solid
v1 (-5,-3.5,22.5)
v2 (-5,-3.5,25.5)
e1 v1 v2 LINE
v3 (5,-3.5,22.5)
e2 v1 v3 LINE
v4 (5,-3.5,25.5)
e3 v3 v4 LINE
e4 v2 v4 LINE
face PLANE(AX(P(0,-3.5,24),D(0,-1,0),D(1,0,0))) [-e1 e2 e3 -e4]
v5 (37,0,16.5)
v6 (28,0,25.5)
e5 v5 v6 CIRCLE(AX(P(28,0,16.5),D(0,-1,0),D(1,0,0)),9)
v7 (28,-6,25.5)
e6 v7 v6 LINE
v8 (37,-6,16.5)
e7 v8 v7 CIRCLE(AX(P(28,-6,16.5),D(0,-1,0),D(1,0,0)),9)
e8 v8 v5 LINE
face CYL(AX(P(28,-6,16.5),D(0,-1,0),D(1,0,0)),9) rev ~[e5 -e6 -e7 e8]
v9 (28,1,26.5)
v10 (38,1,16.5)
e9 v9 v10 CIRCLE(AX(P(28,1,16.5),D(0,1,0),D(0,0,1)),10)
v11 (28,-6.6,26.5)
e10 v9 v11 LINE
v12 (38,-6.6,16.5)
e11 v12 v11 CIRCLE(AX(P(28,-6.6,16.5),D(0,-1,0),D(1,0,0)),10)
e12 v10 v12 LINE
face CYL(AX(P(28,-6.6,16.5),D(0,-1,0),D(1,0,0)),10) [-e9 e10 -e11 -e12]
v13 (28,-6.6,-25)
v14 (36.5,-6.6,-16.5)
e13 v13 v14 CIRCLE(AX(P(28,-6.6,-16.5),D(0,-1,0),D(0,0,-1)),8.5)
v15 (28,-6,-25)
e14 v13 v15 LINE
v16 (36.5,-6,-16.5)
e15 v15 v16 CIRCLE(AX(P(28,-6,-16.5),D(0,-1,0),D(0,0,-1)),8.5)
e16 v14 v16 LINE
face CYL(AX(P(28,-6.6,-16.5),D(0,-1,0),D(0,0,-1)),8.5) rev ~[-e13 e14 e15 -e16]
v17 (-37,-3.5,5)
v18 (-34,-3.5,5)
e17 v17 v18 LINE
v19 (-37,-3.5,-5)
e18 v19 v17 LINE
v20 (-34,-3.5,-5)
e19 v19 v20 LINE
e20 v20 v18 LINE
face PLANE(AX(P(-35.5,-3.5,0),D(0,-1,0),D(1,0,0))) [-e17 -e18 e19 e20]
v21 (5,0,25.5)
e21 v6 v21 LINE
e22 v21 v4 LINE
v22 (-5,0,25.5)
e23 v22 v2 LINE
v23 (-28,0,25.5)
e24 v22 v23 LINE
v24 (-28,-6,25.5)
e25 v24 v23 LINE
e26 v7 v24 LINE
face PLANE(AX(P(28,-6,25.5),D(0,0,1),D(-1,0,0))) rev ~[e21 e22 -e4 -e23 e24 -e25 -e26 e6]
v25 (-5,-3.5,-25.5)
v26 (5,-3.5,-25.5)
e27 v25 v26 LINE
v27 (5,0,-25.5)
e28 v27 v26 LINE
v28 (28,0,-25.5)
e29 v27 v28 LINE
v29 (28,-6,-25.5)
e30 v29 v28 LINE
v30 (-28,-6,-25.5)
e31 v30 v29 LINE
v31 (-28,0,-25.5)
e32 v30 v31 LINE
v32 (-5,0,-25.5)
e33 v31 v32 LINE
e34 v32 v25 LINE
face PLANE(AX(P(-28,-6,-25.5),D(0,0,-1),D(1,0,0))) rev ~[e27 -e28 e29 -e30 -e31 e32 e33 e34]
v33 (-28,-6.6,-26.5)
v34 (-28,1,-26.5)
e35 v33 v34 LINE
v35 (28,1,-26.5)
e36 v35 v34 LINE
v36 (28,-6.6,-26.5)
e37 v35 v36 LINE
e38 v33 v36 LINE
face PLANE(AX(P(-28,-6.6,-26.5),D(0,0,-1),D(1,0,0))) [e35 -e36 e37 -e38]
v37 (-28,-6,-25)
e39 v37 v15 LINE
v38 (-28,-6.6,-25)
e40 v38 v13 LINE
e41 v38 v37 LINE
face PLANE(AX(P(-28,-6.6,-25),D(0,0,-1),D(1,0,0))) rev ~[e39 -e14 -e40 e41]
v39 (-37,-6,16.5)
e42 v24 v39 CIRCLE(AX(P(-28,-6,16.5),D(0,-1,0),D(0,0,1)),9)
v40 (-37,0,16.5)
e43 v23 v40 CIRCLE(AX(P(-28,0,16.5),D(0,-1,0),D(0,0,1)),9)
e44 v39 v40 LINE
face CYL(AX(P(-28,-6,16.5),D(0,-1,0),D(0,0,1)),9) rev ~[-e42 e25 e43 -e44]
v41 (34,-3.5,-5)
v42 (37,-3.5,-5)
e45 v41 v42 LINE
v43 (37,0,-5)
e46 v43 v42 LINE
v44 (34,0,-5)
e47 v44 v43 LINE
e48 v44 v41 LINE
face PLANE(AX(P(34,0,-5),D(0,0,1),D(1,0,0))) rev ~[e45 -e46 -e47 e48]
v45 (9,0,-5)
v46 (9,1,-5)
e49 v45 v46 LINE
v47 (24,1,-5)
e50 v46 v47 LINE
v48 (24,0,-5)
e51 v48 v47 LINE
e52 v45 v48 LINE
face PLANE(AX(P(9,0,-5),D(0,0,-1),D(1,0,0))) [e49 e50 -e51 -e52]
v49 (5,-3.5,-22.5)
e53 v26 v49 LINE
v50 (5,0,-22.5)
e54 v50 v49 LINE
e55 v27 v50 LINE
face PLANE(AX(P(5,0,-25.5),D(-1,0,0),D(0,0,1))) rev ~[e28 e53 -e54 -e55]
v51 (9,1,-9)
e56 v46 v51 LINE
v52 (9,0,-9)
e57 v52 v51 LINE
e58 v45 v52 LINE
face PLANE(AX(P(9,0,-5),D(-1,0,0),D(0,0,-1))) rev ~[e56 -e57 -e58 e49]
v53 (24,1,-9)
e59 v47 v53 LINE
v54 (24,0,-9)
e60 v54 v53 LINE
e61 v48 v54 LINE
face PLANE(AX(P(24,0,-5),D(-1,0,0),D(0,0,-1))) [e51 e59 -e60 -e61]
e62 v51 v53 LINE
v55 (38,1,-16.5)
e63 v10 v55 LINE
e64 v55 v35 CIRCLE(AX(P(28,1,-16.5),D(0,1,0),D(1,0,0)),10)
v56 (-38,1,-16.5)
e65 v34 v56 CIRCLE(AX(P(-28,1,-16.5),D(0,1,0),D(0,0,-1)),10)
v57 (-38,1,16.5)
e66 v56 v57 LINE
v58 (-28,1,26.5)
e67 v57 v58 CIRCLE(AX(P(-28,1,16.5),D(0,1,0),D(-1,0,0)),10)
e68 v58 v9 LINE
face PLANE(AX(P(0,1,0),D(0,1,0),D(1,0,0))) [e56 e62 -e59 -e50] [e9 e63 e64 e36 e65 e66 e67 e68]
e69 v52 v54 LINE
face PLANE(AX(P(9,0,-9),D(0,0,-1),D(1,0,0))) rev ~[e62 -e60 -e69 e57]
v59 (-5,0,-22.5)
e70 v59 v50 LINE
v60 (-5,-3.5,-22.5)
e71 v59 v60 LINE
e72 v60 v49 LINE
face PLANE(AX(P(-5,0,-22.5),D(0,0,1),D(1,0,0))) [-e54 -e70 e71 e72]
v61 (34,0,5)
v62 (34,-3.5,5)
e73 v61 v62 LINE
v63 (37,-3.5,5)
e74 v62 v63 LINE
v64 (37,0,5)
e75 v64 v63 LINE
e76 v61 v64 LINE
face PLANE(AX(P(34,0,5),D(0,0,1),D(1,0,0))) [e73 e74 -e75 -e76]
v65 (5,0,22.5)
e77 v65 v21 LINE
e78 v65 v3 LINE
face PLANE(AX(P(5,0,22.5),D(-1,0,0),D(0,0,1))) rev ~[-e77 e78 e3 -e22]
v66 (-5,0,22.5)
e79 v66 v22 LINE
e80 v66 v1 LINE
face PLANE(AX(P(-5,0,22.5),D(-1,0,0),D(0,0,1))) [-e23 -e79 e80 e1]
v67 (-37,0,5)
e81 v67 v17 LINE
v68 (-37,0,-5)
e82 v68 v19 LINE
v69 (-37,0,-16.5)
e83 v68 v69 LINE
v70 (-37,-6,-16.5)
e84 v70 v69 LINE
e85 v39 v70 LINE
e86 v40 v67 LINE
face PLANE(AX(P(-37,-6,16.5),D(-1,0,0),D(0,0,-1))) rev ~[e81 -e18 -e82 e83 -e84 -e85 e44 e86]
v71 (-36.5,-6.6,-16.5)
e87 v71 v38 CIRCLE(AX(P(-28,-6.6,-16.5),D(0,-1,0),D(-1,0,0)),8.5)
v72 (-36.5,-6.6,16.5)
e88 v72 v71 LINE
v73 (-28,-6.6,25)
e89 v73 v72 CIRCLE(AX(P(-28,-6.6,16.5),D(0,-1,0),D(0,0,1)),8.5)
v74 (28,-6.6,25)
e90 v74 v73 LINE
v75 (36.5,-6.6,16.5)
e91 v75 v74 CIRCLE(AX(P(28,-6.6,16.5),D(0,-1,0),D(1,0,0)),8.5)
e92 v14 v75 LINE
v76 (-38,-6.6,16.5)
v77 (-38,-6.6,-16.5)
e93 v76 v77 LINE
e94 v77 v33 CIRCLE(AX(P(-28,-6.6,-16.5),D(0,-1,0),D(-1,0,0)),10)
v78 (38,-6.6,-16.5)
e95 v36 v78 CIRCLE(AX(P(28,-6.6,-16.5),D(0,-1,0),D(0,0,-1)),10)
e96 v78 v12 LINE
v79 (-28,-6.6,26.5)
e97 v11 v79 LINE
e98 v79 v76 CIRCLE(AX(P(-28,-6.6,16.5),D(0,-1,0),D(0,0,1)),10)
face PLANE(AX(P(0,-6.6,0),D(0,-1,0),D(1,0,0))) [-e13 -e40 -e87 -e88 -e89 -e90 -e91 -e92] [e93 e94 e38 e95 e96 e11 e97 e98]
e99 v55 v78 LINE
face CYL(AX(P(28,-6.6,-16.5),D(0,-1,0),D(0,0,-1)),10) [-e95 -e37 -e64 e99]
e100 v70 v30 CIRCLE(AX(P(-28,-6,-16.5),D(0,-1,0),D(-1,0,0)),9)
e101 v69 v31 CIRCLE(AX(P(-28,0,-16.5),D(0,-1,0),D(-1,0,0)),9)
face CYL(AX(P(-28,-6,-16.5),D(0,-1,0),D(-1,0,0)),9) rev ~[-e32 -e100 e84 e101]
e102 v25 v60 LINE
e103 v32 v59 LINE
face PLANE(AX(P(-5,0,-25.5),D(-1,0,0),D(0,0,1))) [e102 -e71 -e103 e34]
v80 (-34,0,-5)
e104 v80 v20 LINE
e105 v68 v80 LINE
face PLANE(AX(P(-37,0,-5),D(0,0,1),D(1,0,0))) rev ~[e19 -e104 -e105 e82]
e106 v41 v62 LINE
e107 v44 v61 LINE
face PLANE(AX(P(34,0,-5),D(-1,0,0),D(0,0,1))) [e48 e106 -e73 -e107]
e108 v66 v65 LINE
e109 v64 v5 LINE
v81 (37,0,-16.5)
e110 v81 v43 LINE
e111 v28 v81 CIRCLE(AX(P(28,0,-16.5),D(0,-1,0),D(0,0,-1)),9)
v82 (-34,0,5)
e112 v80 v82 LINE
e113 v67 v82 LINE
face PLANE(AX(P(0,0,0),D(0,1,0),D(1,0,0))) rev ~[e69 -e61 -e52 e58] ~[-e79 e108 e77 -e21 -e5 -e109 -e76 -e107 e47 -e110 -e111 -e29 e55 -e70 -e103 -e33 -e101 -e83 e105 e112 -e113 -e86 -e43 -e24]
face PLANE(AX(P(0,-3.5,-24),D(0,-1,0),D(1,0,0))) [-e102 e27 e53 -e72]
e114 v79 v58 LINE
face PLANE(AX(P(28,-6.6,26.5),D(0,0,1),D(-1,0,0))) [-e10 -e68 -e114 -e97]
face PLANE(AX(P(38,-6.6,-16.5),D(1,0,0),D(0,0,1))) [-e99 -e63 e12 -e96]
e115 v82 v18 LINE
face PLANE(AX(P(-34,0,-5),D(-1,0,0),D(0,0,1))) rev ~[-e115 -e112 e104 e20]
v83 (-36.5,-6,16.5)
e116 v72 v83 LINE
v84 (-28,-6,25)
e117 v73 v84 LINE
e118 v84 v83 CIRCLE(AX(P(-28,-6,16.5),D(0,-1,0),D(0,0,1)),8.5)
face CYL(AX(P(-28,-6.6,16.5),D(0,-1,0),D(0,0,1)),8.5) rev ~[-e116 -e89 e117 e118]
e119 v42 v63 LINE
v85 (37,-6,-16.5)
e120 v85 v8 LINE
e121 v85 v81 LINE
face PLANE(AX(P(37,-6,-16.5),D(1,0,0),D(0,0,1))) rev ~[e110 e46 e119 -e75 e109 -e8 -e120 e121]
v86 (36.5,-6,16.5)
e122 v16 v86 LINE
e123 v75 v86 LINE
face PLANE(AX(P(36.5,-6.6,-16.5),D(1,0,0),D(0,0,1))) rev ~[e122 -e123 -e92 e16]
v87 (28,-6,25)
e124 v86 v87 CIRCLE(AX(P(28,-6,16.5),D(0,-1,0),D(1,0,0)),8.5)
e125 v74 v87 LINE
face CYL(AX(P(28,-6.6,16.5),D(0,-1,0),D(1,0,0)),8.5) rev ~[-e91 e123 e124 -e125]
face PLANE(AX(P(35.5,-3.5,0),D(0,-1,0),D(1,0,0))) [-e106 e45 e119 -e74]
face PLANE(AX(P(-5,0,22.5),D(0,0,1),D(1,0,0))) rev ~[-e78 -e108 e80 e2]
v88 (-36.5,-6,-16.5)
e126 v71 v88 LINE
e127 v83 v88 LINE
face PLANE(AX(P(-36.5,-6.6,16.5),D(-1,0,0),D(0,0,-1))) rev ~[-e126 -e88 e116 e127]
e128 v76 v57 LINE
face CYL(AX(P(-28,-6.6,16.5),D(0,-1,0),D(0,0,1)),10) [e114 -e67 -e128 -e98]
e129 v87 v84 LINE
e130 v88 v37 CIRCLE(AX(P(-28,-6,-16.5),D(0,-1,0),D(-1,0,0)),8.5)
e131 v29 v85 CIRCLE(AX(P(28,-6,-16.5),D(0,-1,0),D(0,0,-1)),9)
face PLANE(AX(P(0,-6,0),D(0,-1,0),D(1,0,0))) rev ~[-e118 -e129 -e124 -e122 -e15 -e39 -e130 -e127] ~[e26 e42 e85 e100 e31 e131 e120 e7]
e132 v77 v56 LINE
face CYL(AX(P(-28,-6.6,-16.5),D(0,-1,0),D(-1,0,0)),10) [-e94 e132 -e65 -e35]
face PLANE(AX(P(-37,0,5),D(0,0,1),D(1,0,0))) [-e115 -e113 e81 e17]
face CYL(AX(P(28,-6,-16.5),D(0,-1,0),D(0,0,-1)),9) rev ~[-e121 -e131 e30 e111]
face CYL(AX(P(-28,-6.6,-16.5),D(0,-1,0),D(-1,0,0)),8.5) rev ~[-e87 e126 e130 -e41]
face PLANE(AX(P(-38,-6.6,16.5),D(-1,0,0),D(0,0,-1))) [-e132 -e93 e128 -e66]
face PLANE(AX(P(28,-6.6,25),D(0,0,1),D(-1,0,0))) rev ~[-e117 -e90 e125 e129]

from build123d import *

# Parameters (mm, degrees)
SKETCH1_W           = 15
SKETCH1_H           = 4
BOSS_EXTRUDE1_DEPTH = 1
BOSS_EXTRUDE2_START = 6
BOSS_EXTRUDE2_DEPTH = 6
SKETCH3_W           = 10
SKETCH3_H           = 3
BOSS_EXTRUDE3_DEPTH = 3.5
BOSS_EXTRUDE4_START = 0.6
BOSS_EXTRUDE4_DEPTH = 0.6
SKETCH5_W           = 3
SKETCH5_H           = 10
BOSS_EXTRUDE5_DEPTH = 3.5


with BuildPart() as part:
    # Sketch1 → Boss-Extrude1 (new body)
    with BuildSketch(Plane(origin=(0, 0, 0), x_dir=(1, 0, 0), z_dir=(0, 1, 0))):
        with BuildLine():
            Line((-28, -26.5), (28, -26.5))
            ThreePointArc((28, -26.5), (35.071067812, -23.571067812), (38, -16.5))
            Line((38, -16.5), (38, 16.5))
            ThreePointArc((38, 16.5), (35.071067812, 23.571067812), (28, 26.5))
            Line((28, 26.5), (-28, 26.5))
            ThreePointArc((-28, 26.5), (-35.071067812, 23.571067812), (-38, 16.5))
            Line((-38, 16.5), (-38, -16.5))
            ThreePointArc((-38, -16.5), (-35.071067812, -23.571067812), (-28, -26.5))
        make_face()
        with Locations((16.5, 7)):
            Rectangle(SKETCH1_W, SKETCH1_H, mode=Mode.SUBTRACT)
    extrude(amount=BOSS_EXTRUDE1_DEPTH)

    # Sketch2 → Boss-Extrude2 (add)
    with BuildSketch(Plane.XZ.offset(BOSS_EXTRUDE2_START)):
        with BuildLine():
            Line((-28, -26.5), (28, -26.5))
            ThreePointArc((28, -26.5), (35.071067812, -23.571067812), (38, -16.5))
            Line((38, -16.5), (38, 16.5))
            ThreePointArc((38, 16.5), (35.071067812, 23.571067812), (28, 26.5))
            Line((28, 26.5), (-28, 26.5))
            ThreePointArc((-28, 26.5), (-35.071067812, 23.571067812), (-38, 16.5))
            Line((-38, 16.5), (-38, -16.5))
            ThreePointArc((-38, -16.5), (-35.071067812, -23.571067812), (-28, -26.5))
        make_face()
        with BuildLine():
            Line((28, 25.5), (-28, 25.5))
            ThreePointArc((-28, 25.5), (-34.363961031, 22.863961031), (-37, 16.5))
            Line((-37, 16.5), (-37, -16.5))
            ThreePointArc((-37, -16.5), (-34.363961031, -22.863961031), (-28, -25.5))
            Line((-28, -25.5), (28, -25.5))
            ThreePointArc((28, -25.5), (34.363961031, -22.863961031), (37, -16.5))
            Line((37, -16.5), (37, 16.5))
            ThreePointArc((37, 16.5), (34.363961031, 22.863961031), (28, 25.5))
        make_face(mode=Mode.SUBTRACT)
    extrude(amount=-BOSS_EXTRUDE2_DEPTH)

    # Sketch3 → Boss-Extrude3 (add)
    with BuildSketch(Plane.XZ):
        with Locations((0, -24)):
            Rectangle(SKETCH3_W, SKETCH3_H)
        with Locations((0, 24)):
            Rectangle(SKETCH3_W, SKETCH3_H)
    extrude(amount=BOSS_EXTRUDE3_DEPTH)

    # Sketch4 → Boss-Extrude4 (add)
    with BuildSketch(Plane.XZ.offset(6).offset(BOSS_EXTRUDE4_START)):
        with BuildLine():
            Line((-28, -26.5), (28, -26.5))
            ThreePointArc((28, -26.5), (35.071067812, -23.571067812), (38, -16.5))
            Line((38, -16.5), (38, 16.5))
            ThreePointArc((38, 16.5), (35.071067812, 23.571067812), (28, 26.5))
            Line((28, 26.5), (-28, 26.5))
            ThreePointArc((-28, 26.5), (-35.071067812, 23.571067812), (-38, 16.5))
            Line((-38, 16.5), (-38, -16.5))
            ThreePointArc((-38, -16.5), (-35.071067812, -23.571067812), (-28, -26.5))
        make_face()
        with BuildLine():
            Line((28, 25), (-28, 25))
            ThreePointArc((-28, 25), (-34.01040764, 22.51040764), (-36.5, 16.5))
            Line((-36.5, 16.5), (-36.5, -16.5))
            ThreePointArc((-36.5, -16.5), (-34.01040764, -22.51040764), (-28, -25))
            Line((-28, -25), (28, -25))
            ThreePointArc((28, -25), (34.01040764, -22.51040764), (36.5, -16.5))
            Line((36.5, -16.5), (36.5, 16.5))
            ThreePointArc((36.5, 16.5), (34.01040764, 22.51040764), (28, 25))
        make_face(mode=Mode.SUBTRACT)
    extrude(amount=-BOSS_EXTRUDE4_DEPTH)

    # Sketch5 → Boss-Extrude5 (add)
    with BuildSketch(Plane.XZ):
        with Locations((35.5, 0)):
            Rectangle(SKETCH5_W, SKETCH5_H)
        with Locations((-35.5, 0)):
            Rectangle(SKETCH5_W, SKETCH5_H)
    extrude(amount=BOSS_EXTRUDE5_DEPTH)


solid = part.part
